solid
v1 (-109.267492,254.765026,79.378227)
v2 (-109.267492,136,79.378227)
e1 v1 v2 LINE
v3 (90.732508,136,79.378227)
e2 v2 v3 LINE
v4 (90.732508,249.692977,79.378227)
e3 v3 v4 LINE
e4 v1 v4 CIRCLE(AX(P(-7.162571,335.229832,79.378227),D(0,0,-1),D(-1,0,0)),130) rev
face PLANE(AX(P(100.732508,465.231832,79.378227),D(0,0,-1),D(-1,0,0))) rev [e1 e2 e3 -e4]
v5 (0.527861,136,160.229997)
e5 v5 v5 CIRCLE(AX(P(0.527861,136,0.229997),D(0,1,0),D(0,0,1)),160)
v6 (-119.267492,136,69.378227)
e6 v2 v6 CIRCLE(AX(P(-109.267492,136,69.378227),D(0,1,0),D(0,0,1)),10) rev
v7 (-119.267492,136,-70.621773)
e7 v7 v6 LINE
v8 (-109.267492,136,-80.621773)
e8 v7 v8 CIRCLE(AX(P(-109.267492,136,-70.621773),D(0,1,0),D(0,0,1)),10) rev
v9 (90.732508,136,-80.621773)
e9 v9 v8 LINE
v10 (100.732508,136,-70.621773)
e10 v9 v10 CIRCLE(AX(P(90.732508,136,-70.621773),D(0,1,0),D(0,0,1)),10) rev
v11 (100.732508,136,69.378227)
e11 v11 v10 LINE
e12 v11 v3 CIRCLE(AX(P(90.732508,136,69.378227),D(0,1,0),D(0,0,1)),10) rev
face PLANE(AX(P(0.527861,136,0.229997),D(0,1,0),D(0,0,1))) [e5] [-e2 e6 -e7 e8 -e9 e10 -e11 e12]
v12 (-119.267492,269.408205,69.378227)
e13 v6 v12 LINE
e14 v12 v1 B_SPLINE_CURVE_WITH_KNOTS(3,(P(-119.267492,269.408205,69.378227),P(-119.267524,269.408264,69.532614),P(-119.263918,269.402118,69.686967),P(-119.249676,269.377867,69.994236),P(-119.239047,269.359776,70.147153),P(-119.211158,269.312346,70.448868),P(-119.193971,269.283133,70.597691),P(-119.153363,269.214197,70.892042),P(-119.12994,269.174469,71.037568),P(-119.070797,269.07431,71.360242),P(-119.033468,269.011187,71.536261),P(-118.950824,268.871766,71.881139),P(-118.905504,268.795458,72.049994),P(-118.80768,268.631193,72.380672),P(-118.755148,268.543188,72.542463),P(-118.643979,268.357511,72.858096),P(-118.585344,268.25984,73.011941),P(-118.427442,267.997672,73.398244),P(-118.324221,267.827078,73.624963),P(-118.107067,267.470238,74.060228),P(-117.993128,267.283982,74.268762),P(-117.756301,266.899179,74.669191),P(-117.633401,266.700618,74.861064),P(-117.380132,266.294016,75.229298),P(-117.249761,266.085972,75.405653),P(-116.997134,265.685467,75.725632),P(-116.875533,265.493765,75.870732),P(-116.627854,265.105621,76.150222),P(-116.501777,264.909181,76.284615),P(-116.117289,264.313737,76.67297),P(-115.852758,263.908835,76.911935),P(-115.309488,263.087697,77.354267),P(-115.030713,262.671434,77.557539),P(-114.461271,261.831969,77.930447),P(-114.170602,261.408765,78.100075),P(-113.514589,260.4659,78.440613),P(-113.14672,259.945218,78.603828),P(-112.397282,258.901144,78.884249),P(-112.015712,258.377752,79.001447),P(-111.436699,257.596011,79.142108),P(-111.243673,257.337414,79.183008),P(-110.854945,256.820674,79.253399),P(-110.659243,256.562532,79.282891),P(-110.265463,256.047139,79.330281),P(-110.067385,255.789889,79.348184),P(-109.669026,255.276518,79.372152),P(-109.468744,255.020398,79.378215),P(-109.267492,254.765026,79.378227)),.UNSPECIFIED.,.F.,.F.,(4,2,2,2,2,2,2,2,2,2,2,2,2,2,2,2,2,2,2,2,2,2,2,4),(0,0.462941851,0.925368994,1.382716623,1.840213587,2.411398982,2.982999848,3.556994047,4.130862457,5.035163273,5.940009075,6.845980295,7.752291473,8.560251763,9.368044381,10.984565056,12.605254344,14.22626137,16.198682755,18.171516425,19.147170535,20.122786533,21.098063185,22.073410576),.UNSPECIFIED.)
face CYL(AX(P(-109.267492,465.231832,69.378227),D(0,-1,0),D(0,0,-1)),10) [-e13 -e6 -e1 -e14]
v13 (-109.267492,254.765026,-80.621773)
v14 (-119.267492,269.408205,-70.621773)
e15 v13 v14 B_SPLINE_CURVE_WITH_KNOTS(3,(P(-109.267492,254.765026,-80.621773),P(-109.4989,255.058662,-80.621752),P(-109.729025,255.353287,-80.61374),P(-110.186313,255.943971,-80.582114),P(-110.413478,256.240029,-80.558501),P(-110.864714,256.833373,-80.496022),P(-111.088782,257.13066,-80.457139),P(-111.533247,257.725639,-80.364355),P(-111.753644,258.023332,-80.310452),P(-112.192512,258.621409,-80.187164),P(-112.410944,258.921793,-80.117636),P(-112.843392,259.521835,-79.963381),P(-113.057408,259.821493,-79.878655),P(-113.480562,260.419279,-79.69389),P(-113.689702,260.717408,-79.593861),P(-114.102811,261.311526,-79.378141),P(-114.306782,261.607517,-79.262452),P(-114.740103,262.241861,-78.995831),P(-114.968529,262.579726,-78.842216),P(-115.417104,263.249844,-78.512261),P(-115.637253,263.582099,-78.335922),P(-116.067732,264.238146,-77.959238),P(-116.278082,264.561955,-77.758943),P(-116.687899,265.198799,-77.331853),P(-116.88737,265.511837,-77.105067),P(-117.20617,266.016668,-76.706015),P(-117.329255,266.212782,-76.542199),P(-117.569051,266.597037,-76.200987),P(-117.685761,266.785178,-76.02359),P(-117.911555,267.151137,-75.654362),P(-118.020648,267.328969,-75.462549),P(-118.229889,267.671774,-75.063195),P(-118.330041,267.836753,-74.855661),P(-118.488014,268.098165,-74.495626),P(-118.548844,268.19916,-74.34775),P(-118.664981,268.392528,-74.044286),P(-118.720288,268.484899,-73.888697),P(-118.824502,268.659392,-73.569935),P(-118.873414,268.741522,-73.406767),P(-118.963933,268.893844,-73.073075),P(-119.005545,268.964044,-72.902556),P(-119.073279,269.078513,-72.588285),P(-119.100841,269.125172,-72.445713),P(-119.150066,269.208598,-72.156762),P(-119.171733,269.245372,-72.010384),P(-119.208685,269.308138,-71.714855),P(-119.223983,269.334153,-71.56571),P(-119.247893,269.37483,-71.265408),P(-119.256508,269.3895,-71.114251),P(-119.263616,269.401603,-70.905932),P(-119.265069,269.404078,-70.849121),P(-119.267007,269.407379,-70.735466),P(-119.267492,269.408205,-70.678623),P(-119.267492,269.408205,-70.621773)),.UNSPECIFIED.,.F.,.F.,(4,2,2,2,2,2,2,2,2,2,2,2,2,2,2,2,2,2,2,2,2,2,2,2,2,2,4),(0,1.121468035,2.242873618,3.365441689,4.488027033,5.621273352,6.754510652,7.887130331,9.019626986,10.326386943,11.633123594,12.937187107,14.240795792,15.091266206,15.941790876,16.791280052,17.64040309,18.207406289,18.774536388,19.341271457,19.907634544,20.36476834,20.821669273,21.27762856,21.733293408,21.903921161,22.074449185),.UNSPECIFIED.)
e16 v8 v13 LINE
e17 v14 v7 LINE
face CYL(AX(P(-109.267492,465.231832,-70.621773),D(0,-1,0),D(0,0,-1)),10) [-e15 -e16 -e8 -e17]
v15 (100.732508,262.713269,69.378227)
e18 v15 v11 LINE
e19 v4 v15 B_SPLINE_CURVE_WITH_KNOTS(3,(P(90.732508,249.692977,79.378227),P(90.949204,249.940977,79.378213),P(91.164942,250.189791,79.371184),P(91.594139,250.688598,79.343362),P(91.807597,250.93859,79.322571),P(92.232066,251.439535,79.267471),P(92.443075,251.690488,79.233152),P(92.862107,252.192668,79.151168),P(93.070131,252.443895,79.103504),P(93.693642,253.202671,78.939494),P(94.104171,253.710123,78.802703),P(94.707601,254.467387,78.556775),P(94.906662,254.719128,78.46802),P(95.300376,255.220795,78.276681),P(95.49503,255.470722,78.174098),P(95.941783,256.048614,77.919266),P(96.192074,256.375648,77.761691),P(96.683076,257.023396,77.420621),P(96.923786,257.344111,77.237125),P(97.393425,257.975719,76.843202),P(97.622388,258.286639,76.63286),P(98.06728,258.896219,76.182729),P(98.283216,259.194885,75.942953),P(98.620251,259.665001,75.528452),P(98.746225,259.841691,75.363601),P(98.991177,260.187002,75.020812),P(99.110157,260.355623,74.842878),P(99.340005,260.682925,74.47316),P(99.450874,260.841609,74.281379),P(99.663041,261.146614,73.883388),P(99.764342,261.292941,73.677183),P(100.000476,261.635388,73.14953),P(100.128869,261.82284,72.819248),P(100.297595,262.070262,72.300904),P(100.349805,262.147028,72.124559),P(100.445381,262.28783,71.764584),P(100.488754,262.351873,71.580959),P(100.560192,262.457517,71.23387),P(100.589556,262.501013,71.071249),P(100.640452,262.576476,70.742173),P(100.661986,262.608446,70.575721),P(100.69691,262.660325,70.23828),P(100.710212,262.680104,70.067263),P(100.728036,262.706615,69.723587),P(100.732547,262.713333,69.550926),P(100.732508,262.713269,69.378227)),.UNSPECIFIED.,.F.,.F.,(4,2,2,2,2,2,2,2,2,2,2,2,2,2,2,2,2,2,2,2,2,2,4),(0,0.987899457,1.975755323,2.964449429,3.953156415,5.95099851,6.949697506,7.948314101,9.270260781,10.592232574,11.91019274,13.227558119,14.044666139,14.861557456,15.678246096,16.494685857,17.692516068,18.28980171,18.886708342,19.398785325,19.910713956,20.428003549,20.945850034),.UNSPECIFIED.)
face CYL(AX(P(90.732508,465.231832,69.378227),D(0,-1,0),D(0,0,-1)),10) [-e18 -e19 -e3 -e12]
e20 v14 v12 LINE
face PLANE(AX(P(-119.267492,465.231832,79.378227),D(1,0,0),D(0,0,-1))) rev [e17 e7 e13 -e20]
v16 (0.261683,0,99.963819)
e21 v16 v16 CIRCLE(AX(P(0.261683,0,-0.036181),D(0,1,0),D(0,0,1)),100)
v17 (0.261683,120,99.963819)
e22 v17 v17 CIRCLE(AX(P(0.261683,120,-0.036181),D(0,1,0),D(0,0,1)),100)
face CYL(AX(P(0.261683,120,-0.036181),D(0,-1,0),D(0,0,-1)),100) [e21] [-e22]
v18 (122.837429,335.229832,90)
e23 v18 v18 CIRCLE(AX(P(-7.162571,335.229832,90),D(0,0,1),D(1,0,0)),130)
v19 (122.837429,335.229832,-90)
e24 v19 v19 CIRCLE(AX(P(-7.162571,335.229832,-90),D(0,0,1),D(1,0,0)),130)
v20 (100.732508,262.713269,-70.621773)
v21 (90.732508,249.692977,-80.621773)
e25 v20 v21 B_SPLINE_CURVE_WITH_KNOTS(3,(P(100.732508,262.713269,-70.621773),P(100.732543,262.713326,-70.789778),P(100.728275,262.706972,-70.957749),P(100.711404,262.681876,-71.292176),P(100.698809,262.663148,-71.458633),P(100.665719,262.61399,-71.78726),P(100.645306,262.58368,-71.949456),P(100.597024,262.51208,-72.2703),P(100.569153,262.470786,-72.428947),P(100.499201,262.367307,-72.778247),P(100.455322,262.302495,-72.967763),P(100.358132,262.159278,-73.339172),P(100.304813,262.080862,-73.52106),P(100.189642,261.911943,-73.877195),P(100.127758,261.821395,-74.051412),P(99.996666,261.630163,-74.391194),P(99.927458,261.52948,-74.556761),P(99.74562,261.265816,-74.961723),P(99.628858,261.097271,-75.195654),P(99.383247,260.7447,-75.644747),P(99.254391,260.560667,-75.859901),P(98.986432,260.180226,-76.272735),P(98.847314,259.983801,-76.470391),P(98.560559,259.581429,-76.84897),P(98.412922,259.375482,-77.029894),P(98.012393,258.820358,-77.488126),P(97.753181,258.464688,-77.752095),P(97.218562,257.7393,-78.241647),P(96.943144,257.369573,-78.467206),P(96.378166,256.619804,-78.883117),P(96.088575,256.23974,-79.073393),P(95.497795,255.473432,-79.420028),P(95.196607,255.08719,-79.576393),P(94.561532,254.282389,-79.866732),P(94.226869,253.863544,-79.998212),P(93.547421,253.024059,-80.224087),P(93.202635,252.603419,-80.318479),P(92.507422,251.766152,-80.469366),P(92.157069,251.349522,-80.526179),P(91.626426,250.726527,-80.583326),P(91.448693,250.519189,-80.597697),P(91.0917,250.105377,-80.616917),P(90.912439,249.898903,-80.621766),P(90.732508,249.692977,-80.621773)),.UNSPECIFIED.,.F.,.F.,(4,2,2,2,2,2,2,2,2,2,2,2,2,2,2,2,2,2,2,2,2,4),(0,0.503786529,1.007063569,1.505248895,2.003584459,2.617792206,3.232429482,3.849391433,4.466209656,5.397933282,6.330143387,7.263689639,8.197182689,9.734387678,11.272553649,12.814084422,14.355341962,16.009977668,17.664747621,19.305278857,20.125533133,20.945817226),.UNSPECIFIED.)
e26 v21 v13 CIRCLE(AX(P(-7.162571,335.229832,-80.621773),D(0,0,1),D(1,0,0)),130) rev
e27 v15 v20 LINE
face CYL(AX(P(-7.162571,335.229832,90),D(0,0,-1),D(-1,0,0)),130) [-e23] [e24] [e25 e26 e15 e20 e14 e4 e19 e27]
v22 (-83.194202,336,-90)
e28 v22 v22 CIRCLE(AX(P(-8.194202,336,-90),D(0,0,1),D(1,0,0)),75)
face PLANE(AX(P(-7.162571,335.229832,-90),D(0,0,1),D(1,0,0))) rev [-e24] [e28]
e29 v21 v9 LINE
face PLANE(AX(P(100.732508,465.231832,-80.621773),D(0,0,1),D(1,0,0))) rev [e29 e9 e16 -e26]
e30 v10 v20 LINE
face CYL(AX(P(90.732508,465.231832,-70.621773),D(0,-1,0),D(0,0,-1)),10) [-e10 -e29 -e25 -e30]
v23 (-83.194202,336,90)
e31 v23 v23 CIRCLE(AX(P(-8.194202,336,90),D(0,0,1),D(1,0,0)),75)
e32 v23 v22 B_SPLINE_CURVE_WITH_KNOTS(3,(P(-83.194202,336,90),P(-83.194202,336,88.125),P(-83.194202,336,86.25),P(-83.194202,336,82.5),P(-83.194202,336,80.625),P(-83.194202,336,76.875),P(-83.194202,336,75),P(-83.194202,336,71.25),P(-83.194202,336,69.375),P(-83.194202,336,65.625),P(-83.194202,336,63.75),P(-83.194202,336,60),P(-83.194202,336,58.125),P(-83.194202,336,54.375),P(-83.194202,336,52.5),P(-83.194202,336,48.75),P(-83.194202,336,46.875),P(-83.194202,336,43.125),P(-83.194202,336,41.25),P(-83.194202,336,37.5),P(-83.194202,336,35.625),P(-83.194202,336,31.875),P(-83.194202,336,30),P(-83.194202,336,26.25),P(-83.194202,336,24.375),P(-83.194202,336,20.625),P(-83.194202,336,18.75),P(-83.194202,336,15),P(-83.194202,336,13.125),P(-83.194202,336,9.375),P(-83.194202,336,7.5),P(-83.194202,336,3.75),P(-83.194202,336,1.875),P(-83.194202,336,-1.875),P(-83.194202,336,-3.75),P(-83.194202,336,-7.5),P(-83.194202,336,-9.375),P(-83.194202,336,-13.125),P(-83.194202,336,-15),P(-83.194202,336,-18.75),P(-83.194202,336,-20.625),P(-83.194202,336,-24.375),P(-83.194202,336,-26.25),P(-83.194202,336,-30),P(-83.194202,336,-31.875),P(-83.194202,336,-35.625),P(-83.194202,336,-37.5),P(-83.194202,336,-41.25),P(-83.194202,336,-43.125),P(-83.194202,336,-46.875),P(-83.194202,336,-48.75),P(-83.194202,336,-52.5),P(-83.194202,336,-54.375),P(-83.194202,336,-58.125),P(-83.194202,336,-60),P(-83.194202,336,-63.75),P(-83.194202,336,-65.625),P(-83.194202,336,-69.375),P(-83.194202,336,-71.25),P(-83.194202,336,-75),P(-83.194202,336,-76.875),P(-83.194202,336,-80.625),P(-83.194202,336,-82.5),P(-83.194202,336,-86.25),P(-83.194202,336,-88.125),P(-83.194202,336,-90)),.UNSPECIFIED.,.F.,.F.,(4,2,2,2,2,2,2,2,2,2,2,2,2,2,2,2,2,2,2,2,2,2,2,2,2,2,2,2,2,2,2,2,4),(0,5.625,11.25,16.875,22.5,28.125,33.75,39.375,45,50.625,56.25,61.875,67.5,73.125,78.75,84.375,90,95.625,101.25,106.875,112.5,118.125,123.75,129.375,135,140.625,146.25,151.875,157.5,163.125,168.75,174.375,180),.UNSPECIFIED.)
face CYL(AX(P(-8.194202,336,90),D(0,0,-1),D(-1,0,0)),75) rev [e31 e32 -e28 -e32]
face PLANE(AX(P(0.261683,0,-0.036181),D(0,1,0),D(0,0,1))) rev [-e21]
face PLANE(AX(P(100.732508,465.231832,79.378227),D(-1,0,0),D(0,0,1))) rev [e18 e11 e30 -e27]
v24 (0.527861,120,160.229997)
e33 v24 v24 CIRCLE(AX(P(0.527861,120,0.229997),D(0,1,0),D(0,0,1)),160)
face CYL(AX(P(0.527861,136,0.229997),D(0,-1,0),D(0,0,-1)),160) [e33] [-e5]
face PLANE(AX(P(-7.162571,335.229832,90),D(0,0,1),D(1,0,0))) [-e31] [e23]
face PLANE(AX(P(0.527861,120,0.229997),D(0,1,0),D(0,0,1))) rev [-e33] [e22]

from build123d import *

# Parameters (mm, degrees)
SKETCH2_R                = 100
BOSS_EXTRUDE1_DEPTH      = 120
SKETCH3_R                = 160
BOSS_EXTRUDE2_DEPTH      = 16
SKETCH5_R                = 130
SKETCH5_R_2              = 75
BOSS_EXTRUDE3_DEPTH      = 90
BOSS_EXTRUDE4_REACH      = 401.794
BOSS_EXTRUDE4_END_RADIUS = 130
SKETCH6_W                = 220
SKETCH6_H                = 160
FILLET1_R                = 10


with BuildPart() as part:
    # Sketch2 → Boss-Extrude1 (new body)
    with BuildSketch(Plane(origin=(0, 0, 0), x_dir=(1, 0, 0), z_dir=(0, 1, 0))):
        with Locations(Location((0.261683243, 0.036180985, 0), (0, 0, 270))):
            Circle(SKETCH2_R)
    extrude(amount=BOSS_EXTRUDE1_DEPTH)

    # Sketch3 → Boss-Extrude2 (add)
    with BuildSketch(Plane(origin=(0, 120, 0), x_dir=(1, 0, 0), z_dir=(0, 1, 0))):
        with Locations(Location((0.527861333, -0.229997105, 0), (0, 0, 270))):
            Circle(SKETCH3_R)
    extrude(amount=BOSS_EXTRUDE2_DEPTH)



with BuildPart() as body_2:
    # Sketch5 → Boss-Extrude3 (new, symmetric)
    with BuildSketch(Plane.XY):
        with Locations(Location((-7.162571242, 335.229832199, 0), (0, 0, 180))):
            Circle(SKETCH5_R)
        with Locations(Location((-8.194202002, 336, 0), (0, 0, 180))):
            Circle(SKETCH5_R_2, mode=Mode.SUBTRACT)
    extrude(amount=BOSS_EXTRUDE3_DEPTH, both=True)


with BuildPart() as part_1:
    add(part.part)

    add(body_2.part)  # Boss-Extrude4 merges body 2
    # Boss-Extrude4: up to this cylinder (the profile starts outside it)
    boss_extrude4_end = Plane(origin=(-7.162571242, 335.229832199, -0.621773), z_dir=(0, 0, -1)) * Cylinder(BOSS_EXTRUDE4_END_RADIUS, 1064.588, mode=Mode.PRIVATE)
    # Sketch6 → Boss-Extrude4 (add, up to the surface)
    with BuildSketch(Plane(origin=(0, 136, 0), x_dir=(1, 0, 0), z_dir=(0, 1, 0)), mode=Mode.PRIVATE) as boss_extrude4_sk1:
        with Locations((-9.267492371, 0.621772782)):
            Rectangle(SKETCH6_W, SKETCH6_H)
    boss_extrude4_tool1 = extrude(boss_extrude4_sk1.sketch, amount=BOSS_EXTRUDE4_REACH, mode=Mode.PRIVATE) - boss_extrude4_end
    add(boss_extrude4_tool1.solids().sort_by_distance((-9.267492, 136, -0.621773))[0])

    # Fillet1
    fillet1_edges = [part_1.edges().sort_by_distance(p)[0] for p in [
        (-119.267492371, 202.704102304, 79.378227218),
        (-119.267492371, 202.704102304, -80.621772782),
        (100.732507629, 199.356634441, 79.378227218),
        (100.732507629, 199.356634441, -80.621772782),
    ]]
    fillet(fillet1_edges, radius=FILLET1_R)


solid = part_1.part
